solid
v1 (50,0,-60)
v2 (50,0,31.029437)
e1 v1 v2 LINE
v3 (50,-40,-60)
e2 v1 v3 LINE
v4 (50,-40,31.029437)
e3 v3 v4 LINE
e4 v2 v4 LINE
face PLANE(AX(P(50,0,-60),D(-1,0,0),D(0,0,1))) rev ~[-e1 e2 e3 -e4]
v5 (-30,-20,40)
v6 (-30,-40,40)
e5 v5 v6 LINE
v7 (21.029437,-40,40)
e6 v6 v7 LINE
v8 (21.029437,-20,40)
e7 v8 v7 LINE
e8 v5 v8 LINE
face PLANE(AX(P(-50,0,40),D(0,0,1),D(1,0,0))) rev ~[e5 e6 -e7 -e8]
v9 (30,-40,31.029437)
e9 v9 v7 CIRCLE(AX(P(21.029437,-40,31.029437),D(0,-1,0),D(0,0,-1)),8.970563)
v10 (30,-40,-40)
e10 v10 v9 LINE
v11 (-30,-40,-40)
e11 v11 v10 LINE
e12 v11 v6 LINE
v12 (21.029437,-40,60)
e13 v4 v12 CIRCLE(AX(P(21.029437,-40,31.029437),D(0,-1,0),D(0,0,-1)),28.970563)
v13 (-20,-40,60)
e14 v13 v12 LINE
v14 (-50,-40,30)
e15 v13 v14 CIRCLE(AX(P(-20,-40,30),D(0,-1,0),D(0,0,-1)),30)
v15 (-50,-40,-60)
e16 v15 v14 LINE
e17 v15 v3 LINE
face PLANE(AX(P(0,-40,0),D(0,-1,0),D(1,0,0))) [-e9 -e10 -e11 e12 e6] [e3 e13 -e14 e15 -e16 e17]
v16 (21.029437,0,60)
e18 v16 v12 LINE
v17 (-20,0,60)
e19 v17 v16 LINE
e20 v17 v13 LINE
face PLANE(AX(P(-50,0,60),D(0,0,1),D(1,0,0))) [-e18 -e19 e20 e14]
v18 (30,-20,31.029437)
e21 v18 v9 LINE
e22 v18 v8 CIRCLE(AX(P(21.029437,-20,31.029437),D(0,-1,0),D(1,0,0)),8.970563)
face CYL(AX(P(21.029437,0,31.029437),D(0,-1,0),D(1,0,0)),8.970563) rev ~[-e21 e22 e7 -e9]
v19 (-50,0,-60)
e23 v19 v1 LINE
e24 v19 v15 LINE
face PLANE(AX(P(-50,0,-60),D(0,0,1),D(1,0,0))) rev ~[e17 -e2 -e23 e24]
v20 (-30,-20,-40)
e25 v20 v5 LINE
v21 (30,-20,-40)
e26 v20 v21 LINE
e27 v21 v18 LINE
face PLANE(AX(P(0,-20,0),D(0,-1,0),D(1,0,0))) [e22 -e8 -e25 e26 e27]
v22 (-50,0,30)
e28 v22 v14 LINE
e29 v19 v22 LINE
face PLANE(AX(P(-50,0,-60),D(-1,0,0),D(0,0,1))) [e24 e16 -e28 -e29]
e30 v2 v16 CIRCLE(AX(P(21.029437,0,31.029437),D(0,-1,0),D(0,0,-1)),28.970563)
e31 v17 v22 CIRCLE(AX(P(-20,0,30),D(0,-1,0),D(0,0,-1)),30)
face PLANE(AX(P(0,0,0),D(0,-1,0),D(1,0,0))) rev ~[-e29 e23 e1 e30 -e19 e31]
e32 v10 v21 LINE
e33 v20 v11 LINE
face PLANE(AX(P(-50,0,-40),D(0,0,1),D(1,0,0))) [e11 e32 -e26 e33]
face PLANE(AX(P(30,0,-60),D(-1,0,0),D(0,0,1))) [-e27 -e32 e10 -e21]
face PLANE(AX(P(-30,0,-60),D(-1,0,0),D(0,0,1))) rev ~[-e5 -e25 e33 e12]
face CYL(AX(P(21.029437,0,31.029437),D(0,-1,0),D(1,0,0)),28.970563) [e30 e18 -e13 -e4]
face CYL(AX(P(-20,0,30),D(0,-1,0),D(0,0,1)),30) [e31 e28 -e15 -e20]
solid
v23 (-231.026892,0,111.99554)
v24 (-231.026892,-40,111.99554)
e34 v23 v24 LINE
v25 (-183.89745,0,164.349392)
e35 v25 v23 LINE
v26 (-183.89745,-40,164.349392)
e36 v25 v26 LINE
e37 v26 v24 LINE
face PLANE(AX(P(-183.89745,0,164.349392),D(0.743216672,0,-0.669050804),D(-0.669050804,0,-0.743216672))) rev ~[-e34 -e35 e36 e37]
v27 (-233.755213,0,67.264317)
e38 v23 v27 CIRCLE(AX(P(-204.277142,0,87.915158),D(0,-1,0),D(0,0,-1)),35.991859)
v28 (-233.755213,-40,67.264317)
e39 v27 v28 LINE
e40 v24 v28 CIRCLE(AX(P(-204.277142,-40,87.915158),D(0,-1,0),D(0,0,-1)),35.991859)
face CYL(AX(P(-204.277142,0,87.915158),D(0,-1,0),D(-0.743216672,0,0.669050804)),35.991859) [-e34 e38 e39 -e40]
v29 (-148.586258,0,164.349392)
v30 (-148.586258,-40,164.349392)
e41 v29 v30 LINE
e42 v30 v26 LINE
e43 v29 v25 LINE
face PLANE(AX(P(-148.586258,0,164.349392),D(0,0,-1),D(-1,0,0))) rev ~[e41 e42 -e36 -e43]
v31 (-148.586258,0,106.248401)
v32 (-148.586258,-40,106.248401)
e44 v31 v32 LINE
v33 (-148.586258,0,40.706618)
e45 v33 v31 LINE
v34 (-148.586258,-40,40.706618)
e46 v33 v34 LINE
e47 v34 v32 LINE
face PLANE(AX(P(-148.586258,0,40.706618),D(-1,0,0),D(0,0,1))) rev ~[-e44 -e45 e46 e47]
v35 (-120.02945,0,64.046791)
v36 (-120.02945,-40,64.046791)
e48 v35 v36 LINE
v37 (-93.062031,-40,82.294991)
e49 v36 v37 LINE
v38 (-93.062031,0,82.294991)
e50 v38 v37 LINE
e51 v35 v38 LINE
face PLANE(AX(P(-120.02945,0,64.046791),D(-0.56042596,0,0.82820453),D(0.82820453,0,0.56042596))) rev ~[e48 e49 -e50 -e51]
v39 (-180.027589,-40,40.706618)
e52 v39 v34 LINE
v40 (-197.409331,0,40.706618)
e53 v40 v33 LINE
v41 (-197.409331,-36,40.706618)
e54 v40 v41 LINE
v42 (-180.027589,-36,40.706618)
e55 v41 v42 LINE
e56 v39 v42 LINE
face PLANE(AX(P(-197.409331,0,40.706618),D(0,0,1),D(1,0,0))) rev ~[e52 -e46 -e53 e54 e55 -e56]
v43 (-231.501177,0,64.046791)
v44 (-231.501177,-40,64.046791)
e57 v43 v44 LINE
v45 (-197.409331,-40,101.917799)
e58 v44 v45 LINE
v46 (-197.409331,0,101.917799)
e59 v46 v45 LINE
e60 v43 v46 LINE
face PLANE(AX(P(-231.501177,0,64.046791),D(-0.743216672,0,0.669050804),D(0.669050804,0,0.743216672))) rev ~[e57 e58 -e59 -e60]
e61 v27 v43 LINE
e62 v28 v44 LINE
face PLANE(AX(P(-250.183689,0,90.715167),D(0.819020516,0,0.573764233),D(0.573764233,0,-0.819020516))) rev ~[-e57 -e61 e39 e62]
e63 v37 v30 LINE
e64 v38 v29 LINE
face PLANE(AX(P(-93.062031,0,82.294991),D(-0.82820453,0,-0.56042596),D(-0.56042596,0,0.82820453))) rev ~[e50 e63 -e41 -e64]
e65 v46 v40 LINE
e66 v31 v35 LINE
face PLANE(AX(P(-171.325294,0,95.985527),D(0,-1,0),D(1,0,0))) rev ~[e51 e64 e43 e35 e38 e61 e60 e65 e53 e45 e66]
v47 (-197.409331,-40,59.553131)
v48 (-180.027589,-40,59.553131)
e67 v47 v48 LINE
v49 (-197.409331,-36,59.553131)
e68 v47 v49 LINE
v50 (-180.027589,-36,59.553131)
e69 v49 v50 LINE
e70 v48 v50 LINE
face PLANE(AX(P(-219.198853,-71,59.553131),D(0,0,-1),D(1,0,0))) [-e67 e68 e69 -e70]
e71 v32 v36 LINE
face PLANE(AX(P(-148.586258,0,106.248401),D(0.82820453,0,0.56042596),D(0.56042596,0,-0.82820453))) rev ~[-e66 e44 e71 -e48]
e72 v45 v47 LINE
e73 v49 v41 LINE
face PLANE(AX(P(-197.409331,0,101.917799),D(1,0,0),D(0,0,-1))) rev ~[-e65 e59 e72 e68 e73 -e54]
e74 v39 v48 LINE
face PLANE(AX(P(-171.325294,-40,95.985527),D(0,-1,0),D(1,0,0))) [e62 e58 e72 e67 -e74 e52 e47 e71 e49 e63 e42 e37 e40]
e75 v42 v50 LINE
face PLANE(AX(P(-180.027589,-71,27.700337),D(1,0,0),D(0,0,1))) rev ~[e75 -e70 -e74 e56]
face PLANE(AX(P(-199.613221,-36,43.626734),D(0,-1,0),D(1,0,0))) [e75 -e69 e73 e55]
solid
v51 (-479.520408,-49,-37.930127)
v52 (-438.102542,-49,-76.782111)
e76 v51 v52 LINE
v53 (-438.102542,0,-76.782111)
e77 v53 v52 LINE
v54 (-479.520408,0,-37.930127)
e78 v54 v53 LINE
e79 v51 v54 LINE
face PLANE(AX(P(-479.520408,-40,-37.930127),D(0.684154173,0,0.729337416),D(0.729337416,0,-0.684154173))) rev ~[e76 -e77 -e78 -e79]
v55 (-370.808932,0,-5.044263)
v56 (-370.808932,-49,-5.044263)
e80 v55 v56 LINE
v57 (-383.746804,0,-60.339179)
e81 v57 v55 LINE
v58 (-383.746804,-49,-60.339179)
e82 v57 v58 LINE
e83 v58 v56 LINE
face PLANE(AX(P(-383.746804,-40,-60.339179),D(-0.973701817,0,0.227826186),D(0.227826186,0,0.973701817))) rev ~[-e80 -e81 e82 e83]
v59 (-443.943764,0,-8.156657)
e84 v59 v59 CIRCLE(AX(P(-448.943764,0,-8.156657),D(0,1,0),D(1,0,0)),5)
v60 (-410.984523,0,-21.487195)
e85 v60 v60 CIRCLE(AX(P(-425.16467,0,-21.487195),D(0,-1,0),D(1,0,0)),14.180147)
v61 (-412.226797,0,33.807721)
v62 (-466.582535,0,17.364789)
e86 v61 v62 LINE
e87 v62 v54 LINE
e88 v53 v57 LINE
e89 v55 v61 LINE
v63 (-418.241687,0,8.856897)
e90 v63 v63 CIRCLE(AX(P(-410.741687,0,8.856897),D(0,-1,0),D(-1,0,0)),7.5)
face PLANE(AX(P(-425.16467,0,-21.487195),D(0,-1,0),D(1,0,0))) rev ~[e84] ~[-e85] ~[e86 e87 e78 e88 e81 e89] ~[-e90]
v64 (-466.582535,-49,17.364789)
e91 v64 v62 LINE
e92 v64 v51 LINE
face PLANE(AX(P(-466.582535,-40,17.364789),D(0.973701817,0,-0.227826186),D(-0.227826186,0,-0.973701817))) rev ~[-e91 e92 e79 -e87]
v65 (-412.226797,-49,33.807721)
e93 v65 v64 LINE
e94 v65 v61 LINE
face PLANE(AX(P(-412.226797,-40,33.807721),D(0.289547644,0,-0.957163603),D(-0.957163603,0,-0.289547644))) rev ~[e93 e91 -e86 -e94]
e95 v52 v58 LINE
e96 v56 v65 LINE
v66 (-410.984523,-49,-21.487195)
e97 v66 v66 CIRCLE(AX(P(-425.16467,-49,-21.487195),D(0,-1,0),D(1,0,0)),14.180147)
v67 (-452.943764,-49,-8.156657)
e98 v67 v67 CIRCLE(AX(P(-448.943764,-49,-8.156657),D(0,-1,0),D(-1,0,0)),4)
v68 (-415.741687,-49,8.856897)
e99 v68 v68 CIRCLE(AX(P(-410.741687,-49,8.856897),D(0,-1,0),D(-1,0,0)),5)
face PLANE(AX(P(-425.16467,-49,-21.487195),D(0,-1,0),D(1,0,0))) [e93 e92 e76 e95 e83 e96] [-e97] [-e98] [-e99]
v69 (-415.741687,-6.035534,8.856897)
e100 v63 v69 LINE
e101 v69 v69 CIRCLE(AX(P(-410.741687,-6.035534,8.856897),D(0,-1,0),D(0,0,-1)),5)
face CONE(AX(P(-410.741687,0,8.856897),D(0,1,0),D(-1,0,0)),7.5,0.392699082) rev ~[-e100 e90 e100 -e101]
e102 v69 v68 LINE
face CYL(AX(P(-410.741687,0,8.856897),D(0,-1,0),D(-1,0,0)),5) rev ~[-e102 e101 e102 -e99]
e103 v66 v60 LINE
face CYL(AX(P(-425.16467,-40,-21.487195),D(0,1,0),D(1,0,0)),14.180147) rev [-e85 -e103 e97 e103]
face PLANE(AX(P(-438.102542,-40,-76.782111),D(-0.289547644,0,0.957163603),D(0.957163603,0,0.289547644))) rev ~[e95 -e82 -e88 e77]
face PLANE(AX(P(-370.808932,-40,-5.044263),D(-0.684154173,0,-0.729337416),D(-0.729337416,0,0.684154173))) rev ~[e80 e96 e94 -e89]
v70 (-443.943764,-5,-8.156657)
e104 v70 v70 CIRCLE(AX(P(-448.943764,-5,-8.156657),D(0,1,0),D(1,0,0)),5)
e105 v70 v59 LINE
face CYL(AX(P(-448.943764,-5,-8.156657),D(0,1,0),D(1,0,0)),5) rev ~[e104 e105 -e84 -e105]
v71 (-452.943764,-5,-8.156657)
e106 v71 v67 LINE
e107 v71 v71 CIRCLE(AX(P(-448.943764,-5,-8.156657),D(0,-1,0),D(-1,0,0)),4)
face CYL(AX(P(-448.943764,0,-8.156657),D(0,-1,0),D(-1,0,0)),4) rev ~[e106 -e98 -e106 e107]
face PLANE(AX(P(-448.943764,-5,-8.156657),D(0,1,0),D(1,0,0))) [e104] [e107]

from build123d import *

# Parameters (mm, degrees)
F0_W            = 100
F0_H            = 120
F1_DEPTH        = 40
F0_R            = 14.1801468362
F2_R            = 28.9705627485
F3_T            = -20
F4_R            = 30
F5_R            = 14.1801468362
F6_DEPTH        = 9
F8_D            = 10
F8_CSINK_D      = 15
F8_CSINK_ANGLE  = 45
F9_R            = 35.9918588335
F10_D           = 8
F10_CBORE_D     = 10
F10_CBORE_DEPTH = 5
F11_W           = 39.1712635756
F11_H           = 31.8527948111
F12_DEPTH       = 35


with BuildPart() as f1:
    # F0 (on Front) → F1 (new body)
    with BuildSketch(Plane.XZ):
        Rectangle(F0_W, F0_H)
    extrude(amount=F1_DEPTH)

    # F2
    f2_edges = [f1.edges().sort_by_distance(p)[0] for p in [
        (50, -20, 60),
    ]]
    fillet(f2_edges, radius=F2_R)

    # F3
    f3_openings = [f1.faces().sort_by_distance(p)[0] for p in [
        (-0.663303, -40, -0.815685),
    ]]
    offset(amount=F3_T, openings=f3_openings)

    # F4
    f4_edges = [f1.edges().sort_by_distance(p)[0] for p in [
        (-50, -20, 60),
    ]]
    fillet(f4_edges, radius=F4_R)


with BuildPart() as f1b:
    # F0 (on Front) → F1, piece 2 (new body)
    with BuildSketch(Plane.XZ):
        Polygon((-183.8974500989, 164.3493920565), (-250.1836888026, 90.7151665284), (-231.5011774537, 64.0467909076), (-197.4093313992, 101.9177989801), (-197.4093313992, 40.7066182783), (-148.5862582922, 40.7066182783), (-148.5862582922, 106.2484012785), (-120.0294499633, 64.0467909076), (-93.062030872, 82.294990712), (-148.5862582922, 164.3493920565), align=None)
    extrude(amount=F1_DEPTH)

    # F9
    f9_edges = [f1b.edges().sort_by_distance(p)[0] for p in [
        (-250.183689, -20, 90.715167),
    ]]
    fillet(f9_edges, radius=F9_R)

    # F11 (on offset) → F12 (cut)
    with BuildSketch(Plane.XZ.offset(71)):
        with Locations((-199.6132209897, 43.6267340556)):
            Rectangle(F11_W, F11_H)
    extrude(amount=-F12_DEPTH, mode=Mode.SUBTRACT)


with BuildPart() as f1c:
    # F0 (on Front) → F1, piece 3 (new body)
    with BuildSketch(Plane.XZ):
        Polygon((-438.1025420747, -76.7821108959), (-383.7468040862, -60.3391790726), (-370.8089317636, -5.0442632215), (-412.2267974295, 33.8077208064), (-466.582535418, 17.3647889831), (-479.5204077406, -37.9301268681), align=None)
        with Locations((-425.1646697521, -21.4871950448)):
            Circle(F0_R, mode=Mode.SUBTRACT)
    extrude(amount=F1_DEPTH)

    # F5 (on face) + F0 (on Front) → F6 (join)
    with BuildSketch(Plane.XZ.offset(40)):
        Polygon((-479.5204077406, -37.9301268681), (-438.1025420747, -76.7821108959), (-383.7468040862, -60.3391790726), (-370.8089317636, -5.0442632215), (-412.2267974295, 33.8077208064), (-466.582535418, 17.3647889831), align=None)
        with Locations((-425.1646697521, -21.4871950448)):
            Circle(F5_R, mode=Mode.SUBTRACT)
    with BuildSketch(Plane.XZ):
        Polygon((-438.1025420747, -76.7821108959), (-383.7468040862, -60.3391790726), (-370.8089317636, -5.0442632215), (-412.2267974295, 33.8077208064), (-466.582535418, 17.3647889831), (-479.5204077406, -37.9301268681), align=None)
        with Locations((-425.1646697521, -21.4871950448)):
            Circle(F0_R, mode=Mode.SUBTRACT)
    extrude(amount=F6_DEPTH)

    # F8 (through all)
    with Locations(Plane(origin=(0, 0, 0), x_dir=(1, 0, 0), z_dir=(0, 1, 0))):
        with Locations((-410.741686821, -8.8568972424)):
            CounterSinkHole(F8_D / 2, F8_CSINK_D / 2, counter_sink_angle=F8_CSINK_ANGLE)

    # F10 (through all)
    with Locations(Plane(origin=(0, 0, 0), x_dir=(1, 0, 0), z_dir=(0, 1, 0))):
        with Locations((-448.9437639713, 8.1566572189)):
            CounterBoreHole(F10_D / 2, F10_CBORE_D / 2, F10_CBORE_DEPTH)


solid = Compound([f1.part, f1b.part, f1c.part])
